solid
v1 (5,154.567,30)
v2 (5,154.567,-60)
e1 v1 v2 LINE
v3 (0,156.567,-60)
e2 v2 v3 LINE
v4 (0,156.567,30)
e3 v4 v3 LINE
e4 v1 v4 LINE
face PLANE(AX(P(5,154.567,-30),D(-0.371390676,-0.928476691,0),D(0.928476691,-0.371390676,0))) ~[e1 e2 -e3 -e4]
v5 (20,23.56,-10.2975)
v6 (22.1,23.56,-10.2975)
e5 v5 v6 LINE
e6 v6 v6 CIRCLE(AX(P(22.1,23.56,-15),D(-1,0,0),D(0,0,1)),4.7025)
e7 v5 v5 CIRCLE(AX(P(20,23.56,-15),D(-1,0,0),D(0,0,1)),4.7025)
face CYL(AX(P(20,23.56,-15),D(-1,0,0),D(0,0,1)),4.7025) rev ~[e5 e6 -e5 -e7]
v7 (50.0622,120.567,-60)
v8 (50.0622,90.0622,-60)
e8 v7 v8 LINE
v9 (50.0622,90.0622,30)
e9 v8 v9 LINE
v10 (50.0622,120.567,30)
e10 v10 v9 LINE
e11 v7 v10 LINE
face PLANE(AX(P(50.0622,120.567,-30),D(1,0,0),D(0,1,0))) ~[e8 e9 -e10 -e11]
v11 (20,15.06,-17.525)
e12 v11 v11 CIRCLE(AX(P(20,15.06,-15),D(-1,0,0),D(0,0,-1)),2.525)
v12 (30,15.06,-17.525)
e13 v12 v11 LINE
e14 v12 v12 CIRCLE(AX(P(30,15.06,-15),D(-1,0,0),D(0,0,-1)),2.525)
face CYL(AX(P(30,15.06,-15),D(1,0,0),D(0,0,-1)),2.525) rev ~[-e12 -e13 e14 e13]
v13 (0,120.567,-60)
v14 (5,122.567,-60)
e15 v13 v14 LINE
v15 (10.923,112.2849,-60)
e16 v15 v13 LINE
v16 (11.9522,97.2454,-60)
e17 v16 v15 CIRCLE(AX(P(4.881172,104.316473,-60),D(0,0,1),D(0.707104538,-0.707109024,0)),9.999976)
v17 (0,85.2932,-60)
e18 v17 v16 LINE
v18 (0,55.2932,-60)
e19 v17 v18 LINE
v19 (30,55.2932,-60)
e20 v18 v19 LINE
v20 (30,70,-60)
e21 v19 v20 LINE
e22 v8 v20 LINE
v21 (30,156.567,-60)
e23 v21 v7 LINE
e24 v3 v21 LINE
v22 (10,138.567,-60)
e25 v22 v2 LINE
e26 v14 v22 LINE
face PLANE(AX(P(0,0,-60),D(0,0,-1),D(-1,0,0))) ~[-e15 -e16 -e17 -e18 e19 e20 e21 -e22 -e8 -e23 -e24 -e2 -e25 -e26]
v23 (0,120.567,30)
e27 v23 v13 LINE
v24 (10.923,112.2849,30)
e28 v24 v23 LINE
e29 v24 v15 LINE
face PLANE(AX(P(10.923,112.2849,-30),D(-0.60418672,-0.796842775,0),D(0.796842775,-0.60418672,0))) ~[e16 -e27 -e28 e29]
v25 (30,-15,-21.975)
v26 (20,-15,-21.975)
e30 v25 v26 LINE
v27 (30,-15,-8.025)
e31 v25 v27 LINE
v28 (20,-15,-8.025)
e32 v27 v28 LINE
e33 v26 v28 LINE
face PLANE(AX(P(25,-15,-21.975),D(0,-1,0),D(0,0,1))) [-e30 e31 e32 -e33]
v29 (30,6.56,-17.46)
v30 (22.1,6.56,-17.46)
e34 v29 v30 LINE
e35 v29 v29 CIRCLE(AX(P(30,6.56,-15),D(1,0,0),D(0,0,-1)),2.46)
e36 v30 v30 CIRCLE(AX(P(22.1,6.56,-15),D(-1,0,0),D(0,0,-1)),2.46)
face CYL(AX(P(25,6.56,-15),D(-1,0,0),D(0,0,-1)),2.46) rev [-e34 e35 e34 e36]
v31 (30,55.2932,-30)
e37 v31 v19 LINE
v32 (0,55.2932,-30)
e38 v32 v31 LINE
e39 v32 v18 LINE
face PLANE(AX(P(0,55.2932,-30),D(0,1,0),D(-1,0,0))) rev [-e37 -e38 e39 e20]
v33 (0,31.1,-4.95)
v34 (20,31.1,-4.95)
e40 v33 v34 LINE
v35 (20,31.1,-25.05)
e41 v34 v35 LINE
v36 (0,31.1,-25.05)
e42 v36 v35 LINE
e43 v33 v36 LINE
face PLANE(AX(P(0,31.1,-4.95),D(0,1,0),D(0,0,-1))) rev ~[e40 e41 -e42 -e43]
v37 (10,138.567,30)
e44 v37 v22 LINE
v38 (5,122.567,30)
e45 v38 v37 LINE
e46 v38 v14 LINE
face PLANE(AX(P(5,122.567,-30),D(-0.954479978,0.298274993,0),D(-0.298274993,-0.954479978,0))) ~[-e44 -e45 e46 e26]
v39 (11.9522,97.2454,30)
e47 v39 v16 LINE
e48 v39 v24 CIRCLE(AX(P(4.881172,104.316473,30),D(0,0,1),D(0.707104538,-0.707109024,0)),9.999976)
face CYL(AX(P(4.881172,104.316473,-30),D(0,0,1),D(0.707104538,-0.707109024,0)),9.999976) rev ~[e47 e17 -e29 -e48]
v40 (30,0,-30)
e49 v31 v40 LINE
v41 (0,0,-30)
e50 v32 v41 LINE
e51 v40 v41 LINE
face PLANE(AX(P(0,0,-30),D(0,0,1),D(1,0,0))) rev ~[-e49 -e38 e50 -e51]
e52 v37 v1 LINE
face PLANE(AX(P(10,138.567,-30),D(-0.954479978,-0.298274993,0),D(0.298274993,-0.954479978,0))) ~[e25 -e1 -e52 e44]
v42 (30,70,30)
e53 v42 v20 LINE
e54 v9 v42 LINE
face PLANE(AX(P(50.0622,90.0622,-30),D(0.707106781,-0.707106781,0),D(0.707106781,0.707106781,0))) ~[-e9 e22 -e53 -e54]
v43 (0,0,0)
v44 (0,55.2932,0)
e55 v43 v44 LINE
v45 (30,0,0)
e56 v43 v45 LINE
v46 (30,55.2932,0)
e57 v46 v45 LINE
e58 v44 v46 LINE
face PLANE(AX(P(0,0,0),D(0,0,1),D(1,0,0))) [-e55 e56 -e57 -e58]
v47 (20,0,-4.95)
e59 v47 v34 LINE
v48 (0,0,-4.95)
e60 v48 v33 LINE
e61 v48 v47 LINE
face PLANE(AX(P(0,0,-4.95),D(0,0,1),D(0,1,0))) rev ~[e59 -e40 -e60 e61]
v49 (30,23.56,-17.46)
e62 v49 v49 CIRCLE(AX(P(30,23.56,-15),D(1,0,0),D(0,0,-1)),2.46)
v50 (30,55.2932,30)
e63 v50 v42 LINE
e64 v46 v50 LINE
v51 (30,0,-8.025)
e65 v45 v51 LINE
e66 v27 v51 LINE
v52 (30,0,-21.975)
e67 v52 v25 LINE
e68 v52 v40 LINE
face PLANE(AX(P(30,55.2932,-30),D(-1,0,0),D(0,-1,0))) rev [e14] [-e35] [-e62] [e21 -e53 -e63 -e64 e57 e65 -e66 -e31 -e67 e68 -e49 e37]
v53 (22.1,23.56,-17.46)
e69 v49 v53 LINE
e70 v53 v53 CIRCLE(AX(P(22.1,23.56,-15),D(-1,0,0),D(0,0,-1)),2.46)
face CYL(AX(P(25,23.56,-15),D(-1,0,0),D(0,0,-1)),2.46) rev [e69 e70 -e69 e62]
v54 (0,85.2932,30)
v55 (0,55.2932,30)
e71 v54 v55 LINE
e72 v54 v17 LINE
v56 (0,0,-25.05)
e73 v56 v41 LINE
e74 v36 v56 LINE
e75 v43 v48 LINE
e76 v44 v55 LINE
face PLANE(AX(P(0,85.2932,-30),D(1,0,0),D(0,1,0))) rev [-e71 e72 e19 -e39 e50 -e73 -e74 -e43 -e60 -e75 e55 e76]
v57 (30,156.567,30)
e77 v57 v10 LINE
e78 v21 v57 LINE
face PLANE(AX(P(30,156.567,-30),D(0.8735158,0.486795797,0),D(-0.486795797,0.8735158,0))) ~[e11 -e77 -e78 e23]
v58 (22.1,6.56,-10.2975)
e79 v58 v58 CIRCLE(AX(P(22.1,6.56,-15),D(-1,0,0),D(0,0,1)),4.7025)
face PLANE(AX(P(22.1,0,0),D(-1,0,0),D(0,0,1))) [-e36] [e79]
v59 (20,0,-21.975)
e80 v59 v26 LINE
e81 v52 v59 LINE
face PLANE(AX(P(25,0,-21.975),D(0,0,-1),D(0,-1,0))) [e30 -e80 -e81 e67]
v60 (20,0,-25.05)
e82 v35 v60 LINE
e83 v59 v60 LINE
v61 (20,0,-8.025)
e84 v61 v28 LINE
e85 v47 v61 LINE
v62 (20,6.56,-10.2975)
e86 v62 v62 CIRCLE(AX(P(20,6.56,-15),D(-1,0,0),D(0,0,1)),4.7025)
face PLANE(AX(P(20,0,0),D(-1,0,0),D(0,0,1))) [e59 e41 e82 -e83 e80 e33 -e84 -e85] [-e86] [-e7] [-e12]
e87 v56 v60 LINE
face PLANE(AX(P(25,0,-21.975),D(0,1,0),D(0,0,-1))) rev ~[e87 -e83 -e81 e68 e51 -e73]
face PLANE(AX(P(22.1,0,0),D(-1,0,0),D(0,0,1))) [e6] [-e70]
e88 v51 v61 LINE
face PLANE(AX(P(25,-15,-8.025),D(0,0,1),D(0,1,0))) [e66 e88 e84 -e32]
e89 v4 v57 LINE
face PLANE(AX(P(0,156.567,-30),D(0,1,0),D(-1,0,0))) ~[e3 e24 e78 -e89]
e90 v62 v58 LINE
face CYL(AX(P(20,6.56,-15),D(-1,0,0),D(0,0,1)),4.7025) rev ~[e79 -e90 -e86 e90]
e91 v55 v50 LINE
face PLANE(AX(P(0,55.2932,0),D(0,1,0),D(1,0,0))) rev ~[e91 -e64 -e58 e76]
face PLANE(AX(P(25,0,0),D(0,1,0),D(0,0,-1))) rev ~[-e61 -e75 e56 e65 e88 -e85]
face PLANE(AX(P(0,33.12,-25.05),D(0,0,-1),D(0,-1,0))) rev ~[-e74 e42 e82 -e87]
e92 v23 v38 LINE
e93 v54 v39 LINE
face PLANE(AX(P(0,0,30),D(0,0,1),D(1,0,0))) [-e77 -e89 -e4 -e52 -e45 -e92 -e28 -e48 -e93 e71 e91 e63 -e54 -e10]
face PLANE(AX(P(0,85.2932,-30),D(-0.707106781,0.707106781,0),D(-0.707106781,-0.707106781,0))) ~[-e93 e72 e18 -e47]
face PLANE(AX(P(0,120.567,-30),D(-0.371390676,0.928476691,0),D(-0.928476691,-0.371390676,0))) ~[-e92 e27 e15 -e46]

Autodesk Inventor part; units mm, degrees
ref_plane "YZ Plane" through (0, 0, 0) normal (1, 0, 0) x (0, 1, 0)
ref_plane "XZ Plane" through (0, 0, 0) normal (0, 1, 0) x (-1, 0, 0)
sketch "Sketch1" plane through (0, 0, 0) normal (0, 0, 1) x (1, 0, 0)
  line L0 (0, 0) -> (25, 0)
  line L1 (25, 0) -> (25, 40)
  line L2 (25, 40) -> (0, 40)
  line L3 (0, 40) -> (0, 0)
  dimension "d1" = 25
  dimension "d2" = 40
  dimension "d3" = 25
extrude "Extrusion1" add sketch "Sketch1" against normal blind 30
sketch "Sketch2" plane through (25, 0, 0) normal (1, 0, 0) x (0, 0, -1)
  line L0 (0, 0) -> (30, 0) projected
  circle A0 centre (15, 6.56) radius 2.46
extrude "Extrusion2" cut sketch "Sketch2" against normal blind 30
sketch "Sketch3" plane through (0, 0, 0) normal (-1, 0, 0) x (0, 0, 1)
  line L0 (0, 0) -> (-30, 0) projected
  line L1 (-25.05, 0) -> (-4.95, 0)
  line L2 (-4.95, 0) -> (-4.95, 33.12)
  line L3 (-4.95, 33.12) -> (-25.05, 33.12)
  line L4 (-25.05, 33.12) -> (-25.05, 0)
  dimension "d11" = 20.1
extrude "Extrusion3" cut sketch "Sketch3" against normal blind 20
sketch "Sketch4" plane through (0, 0, 0) normal (0, -1, 0) x (1, 0, 0)
  line L0 (20, -4.95) -> (20, -25.05) projected
  line L1 (20, -15) -> (25, -15)
  line L2 (25, 0) -> (25, -30) projected
  line L3 (20, -8.025) -> (25, -8.025)
  line L4 (25, -8.025) -> (25, -21.975)
  line L5 (25, -21.975) -> (20, -21.975)
  line L6 (20, -21.975) -> (20, -8.025)
  line L7 (20, -8.025) -> (25, -21.975) construction
  line L8 (25, -8.025) -> (20, -21.975) construction
  line L9 (25, -12.54) -> (25, -17.46) projected
  point P0 (0, 0)
  point P1 (22.5, -15)
  dimension "d14" = 13.95
extrude "Extrusion4" add sketch "Sketch4" along normal blind 15
sketch "Sketch5" plane through (20, 0, 0) normal (-1, 0, 0) x (0, 0, 1)
  circle A0 centre (-15, 6.56) radius 2.46 projected
  circle A1 centre (-15, 6.56) radius 4.7025
  circle A2 centre (-15, 6.56) radius 2.46 projected
  circle A3 centre (-15, 6.56) radius 2.46
  point P0 (0, 0)
  dimension "d17" = 9.405
extrude "Extrusion5" cut sketch "Sketch5" against normal blind 2.1
sketch "Sketch6" plane through (25, 0, 0) normal (1, 0, 0) x (0, 0, -1)
  circle A0 centre (15, 6.56) radius 4.7025 projected
  line L0 (15, 6.56) -> (15, 23.56)
  circle A1 centre (15, 23.56) radius 2.46
  point P0 (0, 0)
  dimension "d20" = 17
  dimension "d21" = 4.92
extrude "Extrusion6" cut sketch "Sketch6" against normal blind 10 contours A1
sketch "Sketch7" plane through (20, 0, 0) normal (-1, 0, 0) x (0, 0, 1)
  circle A0 centre (-15, 23.56) radius 2.46 projected
  circle A1 centre (-15, 23.56) radius 4.7025
  point P0 (0, 0)
  dimension "d24" = 9.405
extrude "Extrusion7" cut sketch "Sketch7" against normal blind 2.1
sketch "Sketch9" plane through (25, 0, 0) normal (1, 0, 0) x (0, 0, -1)
  circle A0 centre (15, 6.56) radius 2.46 projected
  circle A1 centre (15, 6.56) radius 2.46
  circle A2 centre (15, 23.56) radius 2.46 projected
  circle A3 centre (15, 23.56) radius 2.46
  line L0 (30, 40) -> (30, 0) projected
  line L1 (30, 0) -> (30, 40)
  line L2 (30, 40) -> (0, 40)
  line L3 (0, 40) -> (0, 0)
  line L4 (0, 0) -> (8.025, 0) projected
  line L5 (21.975, 0) -> (21.975, -15)
  line L6 (21.975, -15) -> (8.025, -15)
  line L7 (8.025, -15) -> (8.025, 0)
  line L8 (0, 0) -> (8.025, 0)
  line L9 (21.975, 0) -> (30, 0)
extrude "Extrusion8" add sketch "Sketch9" along normal blind 5
sketch "Sketch10" plane through (0, 40, 0) normal (0, 1, 0) x (1, 0, 0)
  line L0 (0, 30) -> (30, 30) projected
  line L1 (30, 0) -> (0, 0) projected
  line L2 (0, 30) -> (30, 30)
  line L3 (30, 30) -> (30, 0)
  line L4 (30, 0) -> (0, 0)
  line L5 (0, 0) -> (0, 30)
extrude "Extrusion9" add sketch "Sketch10" along normal blind 30
sketch "Sketch12" plane through (30, 0, 0) normal (1, 0, 0) x (0, 0, -1)
  circle A0 centre (15, 6.56) radius 2.46 projected
  line L0 (15, 6.56) -> (15, 15.06)
  circle A1 centre (15, 15.06) radius 2.525
  point P0 (0, 0)
  dimension "d31" = 8.5
  dimension "d33" = 5.05
extrude "Extrusion10" cut sketch "Sketch12" against normal blind 30 contours A1
sketch "Sketch15" plane through (0, 0, -25.05) normal (-1, 0, 0) x (0, 0, 1)
  line L0 (0, 33.12) -> (20.1, 33.12) projected
  line L1 (20.1, 33.12) -> (20.1, 0) projected
  line L2 (0, 33.12) -> (20.1, 33.12)
  line L3 (20.1, 33.12) -> (20.1, 31.1)
  line L4 (20.1, 31.1) -> (0, 31.1)
  line L5 (0, 31.1) -> (0, 33.12)
  point P0 (25.05, 0)
  dimension "d57" = 2.02
extrude "Extrusion13" add sketch "Sketch15" against normal blind 20
sketch "Sketch17" plane through (0, 0, 0) normal (0, 0, 1) x (1, 0, 0)
  line L0 (0, 70) -> (30, 70) projected
  line L1 (30, 70) -> (50.0622, 90.0622)
  line L2 (30, 70) -> (80, 70) construction
  line L3 (11.9522, 97.2454) -> (0, 85.2932)
  line L4 (0, 70) -> (0, 85.2932)
  line L5 (0, 70) -> (0, 0) projected
  line L6 (0, 70) -> (30, 70)
  line L7 (10.923, 112.2849) -> (0, 120.567)
  line L8 (50.0622, 105.3553) -> (50.0622, 120.567)
  line L9 (50.0622, 105.3553) -> (50.0622, 90.0622)
  arc A0 (11.9522, 97.2454) -> (10.923, 112.2849) centre (4.8811, 104.3165) ccw
  line L10 (0, 156.567) -> (30, 156.567)
  line L11 (30, 156.567) -> (50.0622, 120.567)
  line L12 (5, 154.567) -> (0, 156.567)
  line L13 (5, 122.567) -> (0, 120.567)
  line L14 (5, 122.567) -> (10, 138.567)
  line L15 (10, 138.567) -> (5, 154.567)
  dimension "d61" = 45
  dimension "d62" = 32.0271
  dimension "d72" = 10
extrude "Extrusion14" add sketch "Sketch17" against normal blind 30
sketch "Sketch23" plane through (0, 0, 0) normal (0, 0, 1) x (1, 0, 0)
  line L0 (50.0622, 90.0622) -> (30, 70) projected
  line L1 (30, 70) -> (50.0622, 90.0622)
  line L2 (50.0622, 120.567) -> (50.0622, 90.0622) projected
  line L3 (50.0622, 90.0622) -> (50.0622, 120.567)
  line L4 (30, 156.567) -> (50.0622, 120.567) projected
  line L5 (50.0622, 120.567) -> (30, 156.567)
  line L6 (0, 156.567) -> (30, 156.567) projected
  line L7 (30, 156.567) -> (0, 156.567)
  line L8 (5, 154.567) -> (0, 156.567) projected
  line L9 (0, 156.567) -> (5, 154.567)
  line L10 (10, 138.567) -> (5, 154.567) projected
  line L11 (5, 154.567) -> (10, 138.567)
  line L12 (5, 122.567) -> (10, 138.567) projected
  line L13 (10, 138.567) -> (5, 122.567)
  line L14 (0, 120.567) -> (5, 122.567) projected
  line L15 (5, 122.567) -> (0, 120.567)
  line L16 (10.923, 112.2849) -> (0, 120.567) projected
  line L17 (0, 120.567) -> (10.923, 112.2849)
  line L18 (0, 85.2932) -> (11.9522, 97.2454) projected
  line L19 (11.9522, 97.2454) -> (0, 85.2932)
  line L20 (0, 85.2932) -> (0, 55.2932)
  line L21 (0, 0) -> (0, 85.2932) projected
  line L22 (0, 55.2932) -> (30, 55.2932)
  line L23 (30, 0) -> (30, 70) projected
  line L24 (30, 55.2932) -> (30, 70)
  arc A0 (11.9522, 97.2454) -> (10.923, 112.2849) centre (4.8811, 104.3165) ccw
  dimension "d97" = 30
extrude "Extrusion15" add sketch "Sketch23" along normal blind 30
ref_plane "Work Plane1" through (0, 0, -15) normal (0, 0, 1) x (1, 0, 0)
mirror "Mirror1" about plane through (0, 0, -15) normal (0, 0, 1) of "Extrusion15"
properties part number "rec_c_32mm_x_90mm"
